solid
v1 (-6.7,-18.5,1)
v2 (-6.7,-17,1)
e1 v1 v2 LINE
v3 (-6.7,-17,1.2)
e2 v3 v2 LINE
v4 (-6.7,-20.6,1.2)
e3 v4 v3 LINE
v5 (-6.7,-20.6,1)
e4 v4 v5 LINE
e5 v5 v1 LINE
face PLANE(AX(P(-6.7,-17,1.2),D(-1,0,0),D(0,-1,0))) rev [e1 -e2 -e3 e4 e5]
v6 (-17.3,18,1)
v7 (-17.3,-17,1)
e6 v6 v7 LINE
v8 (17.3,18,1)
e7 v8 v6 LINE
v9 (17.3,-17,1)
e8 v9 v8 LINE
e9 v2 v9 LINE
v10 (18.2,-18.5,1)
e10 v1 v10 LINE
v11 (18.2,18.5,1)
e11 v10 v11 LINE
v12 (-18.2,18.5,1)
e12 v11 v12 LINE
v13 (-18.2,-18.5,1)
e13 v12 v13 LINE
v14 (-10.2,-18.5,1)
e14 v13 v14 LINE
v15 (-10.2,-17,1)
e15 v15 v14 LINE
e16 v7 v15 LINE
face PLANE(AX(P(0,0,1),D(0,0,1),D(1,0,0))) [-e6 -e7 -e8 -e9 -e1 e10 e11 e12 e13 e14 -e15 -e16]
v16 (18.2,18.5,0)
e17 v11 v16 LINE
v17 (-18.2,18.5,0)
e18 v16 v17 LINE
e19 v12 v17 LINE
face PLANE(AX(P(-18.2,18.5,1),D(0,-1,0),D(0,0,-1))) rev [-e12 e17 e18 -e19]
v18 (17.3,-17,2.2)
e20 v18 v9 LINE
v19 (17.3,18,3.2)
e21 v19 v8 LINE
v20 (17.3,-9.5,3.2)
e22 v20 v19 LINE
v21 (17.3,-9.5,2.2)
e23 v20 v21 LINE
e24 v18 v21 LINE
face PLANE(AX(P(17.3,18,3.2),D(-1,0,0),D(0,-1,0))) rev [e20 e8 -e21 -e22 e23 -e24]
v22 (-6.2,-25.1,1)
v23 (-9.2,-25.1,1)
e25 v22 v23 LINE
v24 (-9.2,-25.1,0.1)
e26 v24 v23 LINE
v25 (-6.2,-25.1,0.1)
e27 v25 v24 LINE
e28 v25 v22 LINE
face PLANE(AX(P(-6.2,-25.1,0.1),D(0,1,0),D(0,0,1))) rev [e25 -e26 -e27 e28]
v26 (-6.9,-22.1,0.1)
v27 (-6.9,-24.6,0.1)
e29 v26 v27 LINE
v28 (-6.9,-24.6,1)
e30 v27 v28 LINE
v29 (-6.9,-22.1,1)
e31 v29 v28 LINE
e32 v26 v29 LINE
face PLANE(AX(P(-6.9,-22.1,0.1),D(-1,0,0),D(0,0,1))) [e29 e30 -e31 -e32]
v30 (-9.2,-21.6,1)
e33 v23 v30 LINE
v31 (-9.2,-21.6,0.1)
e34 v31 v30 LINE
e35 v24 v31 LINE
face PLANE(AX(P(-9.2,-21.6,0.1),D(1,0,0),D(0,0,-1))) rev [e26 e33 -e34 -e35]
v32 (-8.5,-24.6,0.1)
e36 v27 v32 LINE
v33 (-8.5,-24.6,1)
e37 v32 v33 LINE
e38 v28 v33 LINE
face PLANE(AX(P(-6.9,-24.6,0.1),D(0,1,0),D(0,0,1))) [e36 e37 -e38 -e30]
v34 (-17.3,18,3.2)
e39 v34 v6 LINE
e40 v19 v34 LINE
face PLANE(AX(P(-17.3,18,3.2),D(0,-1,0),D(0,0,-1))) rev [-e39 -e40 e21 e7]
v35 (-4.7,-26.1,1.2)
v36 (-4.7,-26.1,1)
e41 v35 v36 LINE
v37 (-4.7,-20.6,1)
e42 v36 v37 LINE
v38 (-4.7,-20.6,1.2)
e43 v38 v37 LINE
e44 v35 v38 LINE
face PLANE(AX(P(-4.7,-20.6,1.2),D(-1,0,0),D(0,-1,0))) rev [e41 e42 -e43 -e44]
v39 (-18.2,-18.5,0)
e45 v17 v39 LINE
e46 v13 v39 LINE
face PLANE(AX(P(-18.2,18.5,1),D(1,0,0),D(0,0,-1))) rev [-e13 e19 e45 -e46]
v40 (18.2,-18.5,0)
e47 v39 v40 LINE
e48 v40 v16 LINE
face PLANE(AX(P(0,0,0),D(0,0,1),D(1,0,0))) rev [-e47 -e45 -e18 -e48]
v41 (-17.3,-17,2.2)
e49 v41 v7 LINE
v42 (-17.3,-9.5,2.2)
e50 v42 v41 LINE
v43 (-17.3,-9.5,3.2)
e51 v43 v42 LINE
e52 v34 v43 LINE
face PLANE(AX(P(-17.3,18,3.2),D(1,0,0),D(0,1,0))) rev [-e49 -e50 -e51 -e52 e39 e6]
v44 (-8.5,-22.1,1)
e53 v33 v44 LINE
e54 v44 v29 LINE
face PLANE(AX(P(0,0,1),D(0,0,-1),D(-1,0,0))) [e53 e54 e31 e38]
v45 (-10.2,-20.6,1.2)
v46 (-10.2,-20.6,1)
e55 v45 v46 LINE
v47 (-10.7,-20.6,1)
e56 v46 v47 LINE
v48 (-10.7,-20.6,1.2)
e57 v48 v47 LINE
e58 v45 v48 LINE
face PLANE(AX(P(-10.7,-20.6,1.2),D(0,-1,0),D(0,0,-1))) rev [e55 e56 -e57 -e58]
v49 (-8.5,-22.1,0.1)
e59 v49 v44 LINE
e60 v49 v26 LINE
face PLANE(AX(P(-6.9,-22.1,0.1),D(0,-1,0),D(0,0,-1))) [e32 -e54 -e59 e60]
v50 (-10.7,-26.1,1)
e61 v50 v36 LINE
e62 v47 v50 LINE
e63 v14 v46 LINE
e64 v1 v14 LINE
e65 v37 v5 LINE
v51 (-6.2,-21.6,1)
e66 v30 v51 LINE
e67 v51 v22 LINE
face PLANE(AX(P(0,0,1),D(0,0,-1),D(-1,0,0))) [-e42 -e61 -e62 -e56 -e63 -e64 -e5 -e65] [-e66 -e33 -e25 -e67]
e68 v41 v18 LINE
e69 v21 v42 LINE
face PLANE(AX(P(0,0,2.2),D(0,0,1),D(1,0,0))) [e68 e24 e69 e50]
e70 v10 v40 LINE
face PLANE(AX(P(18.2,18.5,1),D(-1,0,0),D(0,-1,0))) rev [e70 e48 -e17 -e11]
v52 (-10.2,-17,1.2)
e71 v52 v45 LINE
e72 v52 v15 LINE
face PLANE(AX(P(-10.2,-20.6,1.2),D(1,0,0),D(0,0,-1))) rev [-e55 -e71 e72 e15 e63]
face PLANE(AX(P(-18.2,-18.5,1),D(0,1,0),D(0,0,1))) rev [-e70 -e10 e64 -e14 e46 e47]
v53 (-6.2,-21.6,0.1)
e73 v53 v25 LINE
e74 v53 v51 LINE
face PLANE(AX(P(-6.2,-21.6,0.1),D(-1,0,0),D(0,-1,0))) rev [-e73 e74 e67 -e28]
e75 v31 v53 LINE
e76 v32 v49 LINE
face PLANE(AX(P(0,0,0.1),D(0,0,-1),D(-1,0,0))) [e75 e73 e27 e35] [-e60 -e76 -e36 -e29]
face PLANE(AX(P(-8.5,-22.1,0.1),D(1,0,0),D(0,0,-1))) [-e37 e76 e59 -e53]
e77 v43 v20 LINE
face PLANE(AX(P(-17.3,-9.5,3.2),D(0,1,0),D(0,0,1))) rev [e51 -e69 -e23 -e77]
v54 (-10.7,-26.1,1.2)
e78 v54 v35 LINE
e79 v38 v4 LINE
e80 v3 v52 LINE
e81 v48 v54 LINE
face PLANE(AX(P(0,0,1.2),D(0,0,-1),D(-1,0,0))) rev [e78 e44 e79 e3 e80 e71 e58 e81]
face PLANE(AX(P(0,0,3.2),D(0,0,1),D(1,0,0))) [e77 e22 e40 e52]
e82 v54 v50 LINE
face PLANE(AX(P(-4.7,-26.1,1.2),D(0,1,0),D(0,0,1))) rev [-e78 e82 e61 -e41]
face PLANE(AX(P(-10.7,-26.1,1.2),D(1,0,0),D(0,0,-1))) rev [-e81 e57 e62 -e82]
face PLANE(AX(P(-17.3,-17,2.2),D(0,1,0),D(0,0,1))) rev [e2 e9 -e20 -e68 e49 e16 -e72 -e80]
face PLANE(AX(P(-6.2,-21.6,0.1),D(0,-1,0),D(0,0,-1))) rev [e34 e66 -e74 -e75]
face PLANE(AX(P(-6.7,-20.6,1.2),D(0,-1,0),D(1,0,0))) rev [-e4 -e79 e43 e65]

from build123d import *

# Parameters (mm, degrees)
SKETCH1_W           = 36.4
SKETCH1_H           = 37
BOSS_EXTRUDE1_DEPTH = 1
SKETCH2_W           = 34.6
SKETCH2_H           = 27.5
BOSS_EXTRUDE2_DEPTH = 2.2
SKETCH3_W           = 34.6
SKETCH3_H           = 7.5
BOSS_EXTRUDE3_DEPTH = 1.2
BOSS_EXTRUDE4_DEPTH = 0.2
SKETCH5_W           = 3
SKETCH5_H           = 3.5
SKETCH5_W_2         = 1.6
SKETCH5_H_2         = 2.5
BOSS_EXTRUDE5_DEPTH = 0.9


with BuildPart() as part:
    # Sketch1 → Boss-Extrude1 (new body)
    with BuildSketch(Plane.XY):
        Rectangle(SKETCH1_W, SKETCH1_H)
    extrude(amount=BOSS_EXTRUDE1_DEPTH)

    # Sketch2 → Boss-Extrude2 (add)
    with BuildSketch(Plane.XY.offset(1)):
        with Locations((0, 4.25)):
            Rectangle(SKETCH2_W, SKETCH2_H)
    extrude(amount=BOSS_EXTRUDE2_DEPTH)

    # Sketch3 → Boss-Extrude3 (add)
    with BuildSketch(Plane.XY.offset(1)):
        with Locations((0, -13.25)):
            Rectangle(SKETCH3_W, SKETCH3_H)
    extrude(amount=BOSS_EXTRUDE3_DEPTH)

    # Sketch4 → Boss-Extrude4 (add)
    with BuildSketch(Plane.XY.offset(1)):
        Polygon((-10.2, -17), (-6.7, -17), (-6.7, -20.6), (-4.7, -20.6), (-4.7, -26.1), (-10.7, -26.1), (-10.7, -20.6), (-10.2, -20.6), align=None)
    extrude(amount=BOSS_EXTRUDE4_DEPTH)

    # Sketch5 → Boss-Extrude5 (add)
    with BuildSketch(Plane(origin=(0, 0, 1), x_dir=(-1, 0, 0), z_dir=(0, 0, -1))):
        with Locations((7.7, -23.35)):
            Rectangle(SKETCH5_W, SKETCH5_H)
        with Locations((7.7, -23.35)):
            Rectangle(SKETCH5_W_2, SKETCH5_H_2, mode=Mode.SUBTRACT)
    extrude(amount=BOSS_EXTRUDE5_DEPTH)


solid = part.part
